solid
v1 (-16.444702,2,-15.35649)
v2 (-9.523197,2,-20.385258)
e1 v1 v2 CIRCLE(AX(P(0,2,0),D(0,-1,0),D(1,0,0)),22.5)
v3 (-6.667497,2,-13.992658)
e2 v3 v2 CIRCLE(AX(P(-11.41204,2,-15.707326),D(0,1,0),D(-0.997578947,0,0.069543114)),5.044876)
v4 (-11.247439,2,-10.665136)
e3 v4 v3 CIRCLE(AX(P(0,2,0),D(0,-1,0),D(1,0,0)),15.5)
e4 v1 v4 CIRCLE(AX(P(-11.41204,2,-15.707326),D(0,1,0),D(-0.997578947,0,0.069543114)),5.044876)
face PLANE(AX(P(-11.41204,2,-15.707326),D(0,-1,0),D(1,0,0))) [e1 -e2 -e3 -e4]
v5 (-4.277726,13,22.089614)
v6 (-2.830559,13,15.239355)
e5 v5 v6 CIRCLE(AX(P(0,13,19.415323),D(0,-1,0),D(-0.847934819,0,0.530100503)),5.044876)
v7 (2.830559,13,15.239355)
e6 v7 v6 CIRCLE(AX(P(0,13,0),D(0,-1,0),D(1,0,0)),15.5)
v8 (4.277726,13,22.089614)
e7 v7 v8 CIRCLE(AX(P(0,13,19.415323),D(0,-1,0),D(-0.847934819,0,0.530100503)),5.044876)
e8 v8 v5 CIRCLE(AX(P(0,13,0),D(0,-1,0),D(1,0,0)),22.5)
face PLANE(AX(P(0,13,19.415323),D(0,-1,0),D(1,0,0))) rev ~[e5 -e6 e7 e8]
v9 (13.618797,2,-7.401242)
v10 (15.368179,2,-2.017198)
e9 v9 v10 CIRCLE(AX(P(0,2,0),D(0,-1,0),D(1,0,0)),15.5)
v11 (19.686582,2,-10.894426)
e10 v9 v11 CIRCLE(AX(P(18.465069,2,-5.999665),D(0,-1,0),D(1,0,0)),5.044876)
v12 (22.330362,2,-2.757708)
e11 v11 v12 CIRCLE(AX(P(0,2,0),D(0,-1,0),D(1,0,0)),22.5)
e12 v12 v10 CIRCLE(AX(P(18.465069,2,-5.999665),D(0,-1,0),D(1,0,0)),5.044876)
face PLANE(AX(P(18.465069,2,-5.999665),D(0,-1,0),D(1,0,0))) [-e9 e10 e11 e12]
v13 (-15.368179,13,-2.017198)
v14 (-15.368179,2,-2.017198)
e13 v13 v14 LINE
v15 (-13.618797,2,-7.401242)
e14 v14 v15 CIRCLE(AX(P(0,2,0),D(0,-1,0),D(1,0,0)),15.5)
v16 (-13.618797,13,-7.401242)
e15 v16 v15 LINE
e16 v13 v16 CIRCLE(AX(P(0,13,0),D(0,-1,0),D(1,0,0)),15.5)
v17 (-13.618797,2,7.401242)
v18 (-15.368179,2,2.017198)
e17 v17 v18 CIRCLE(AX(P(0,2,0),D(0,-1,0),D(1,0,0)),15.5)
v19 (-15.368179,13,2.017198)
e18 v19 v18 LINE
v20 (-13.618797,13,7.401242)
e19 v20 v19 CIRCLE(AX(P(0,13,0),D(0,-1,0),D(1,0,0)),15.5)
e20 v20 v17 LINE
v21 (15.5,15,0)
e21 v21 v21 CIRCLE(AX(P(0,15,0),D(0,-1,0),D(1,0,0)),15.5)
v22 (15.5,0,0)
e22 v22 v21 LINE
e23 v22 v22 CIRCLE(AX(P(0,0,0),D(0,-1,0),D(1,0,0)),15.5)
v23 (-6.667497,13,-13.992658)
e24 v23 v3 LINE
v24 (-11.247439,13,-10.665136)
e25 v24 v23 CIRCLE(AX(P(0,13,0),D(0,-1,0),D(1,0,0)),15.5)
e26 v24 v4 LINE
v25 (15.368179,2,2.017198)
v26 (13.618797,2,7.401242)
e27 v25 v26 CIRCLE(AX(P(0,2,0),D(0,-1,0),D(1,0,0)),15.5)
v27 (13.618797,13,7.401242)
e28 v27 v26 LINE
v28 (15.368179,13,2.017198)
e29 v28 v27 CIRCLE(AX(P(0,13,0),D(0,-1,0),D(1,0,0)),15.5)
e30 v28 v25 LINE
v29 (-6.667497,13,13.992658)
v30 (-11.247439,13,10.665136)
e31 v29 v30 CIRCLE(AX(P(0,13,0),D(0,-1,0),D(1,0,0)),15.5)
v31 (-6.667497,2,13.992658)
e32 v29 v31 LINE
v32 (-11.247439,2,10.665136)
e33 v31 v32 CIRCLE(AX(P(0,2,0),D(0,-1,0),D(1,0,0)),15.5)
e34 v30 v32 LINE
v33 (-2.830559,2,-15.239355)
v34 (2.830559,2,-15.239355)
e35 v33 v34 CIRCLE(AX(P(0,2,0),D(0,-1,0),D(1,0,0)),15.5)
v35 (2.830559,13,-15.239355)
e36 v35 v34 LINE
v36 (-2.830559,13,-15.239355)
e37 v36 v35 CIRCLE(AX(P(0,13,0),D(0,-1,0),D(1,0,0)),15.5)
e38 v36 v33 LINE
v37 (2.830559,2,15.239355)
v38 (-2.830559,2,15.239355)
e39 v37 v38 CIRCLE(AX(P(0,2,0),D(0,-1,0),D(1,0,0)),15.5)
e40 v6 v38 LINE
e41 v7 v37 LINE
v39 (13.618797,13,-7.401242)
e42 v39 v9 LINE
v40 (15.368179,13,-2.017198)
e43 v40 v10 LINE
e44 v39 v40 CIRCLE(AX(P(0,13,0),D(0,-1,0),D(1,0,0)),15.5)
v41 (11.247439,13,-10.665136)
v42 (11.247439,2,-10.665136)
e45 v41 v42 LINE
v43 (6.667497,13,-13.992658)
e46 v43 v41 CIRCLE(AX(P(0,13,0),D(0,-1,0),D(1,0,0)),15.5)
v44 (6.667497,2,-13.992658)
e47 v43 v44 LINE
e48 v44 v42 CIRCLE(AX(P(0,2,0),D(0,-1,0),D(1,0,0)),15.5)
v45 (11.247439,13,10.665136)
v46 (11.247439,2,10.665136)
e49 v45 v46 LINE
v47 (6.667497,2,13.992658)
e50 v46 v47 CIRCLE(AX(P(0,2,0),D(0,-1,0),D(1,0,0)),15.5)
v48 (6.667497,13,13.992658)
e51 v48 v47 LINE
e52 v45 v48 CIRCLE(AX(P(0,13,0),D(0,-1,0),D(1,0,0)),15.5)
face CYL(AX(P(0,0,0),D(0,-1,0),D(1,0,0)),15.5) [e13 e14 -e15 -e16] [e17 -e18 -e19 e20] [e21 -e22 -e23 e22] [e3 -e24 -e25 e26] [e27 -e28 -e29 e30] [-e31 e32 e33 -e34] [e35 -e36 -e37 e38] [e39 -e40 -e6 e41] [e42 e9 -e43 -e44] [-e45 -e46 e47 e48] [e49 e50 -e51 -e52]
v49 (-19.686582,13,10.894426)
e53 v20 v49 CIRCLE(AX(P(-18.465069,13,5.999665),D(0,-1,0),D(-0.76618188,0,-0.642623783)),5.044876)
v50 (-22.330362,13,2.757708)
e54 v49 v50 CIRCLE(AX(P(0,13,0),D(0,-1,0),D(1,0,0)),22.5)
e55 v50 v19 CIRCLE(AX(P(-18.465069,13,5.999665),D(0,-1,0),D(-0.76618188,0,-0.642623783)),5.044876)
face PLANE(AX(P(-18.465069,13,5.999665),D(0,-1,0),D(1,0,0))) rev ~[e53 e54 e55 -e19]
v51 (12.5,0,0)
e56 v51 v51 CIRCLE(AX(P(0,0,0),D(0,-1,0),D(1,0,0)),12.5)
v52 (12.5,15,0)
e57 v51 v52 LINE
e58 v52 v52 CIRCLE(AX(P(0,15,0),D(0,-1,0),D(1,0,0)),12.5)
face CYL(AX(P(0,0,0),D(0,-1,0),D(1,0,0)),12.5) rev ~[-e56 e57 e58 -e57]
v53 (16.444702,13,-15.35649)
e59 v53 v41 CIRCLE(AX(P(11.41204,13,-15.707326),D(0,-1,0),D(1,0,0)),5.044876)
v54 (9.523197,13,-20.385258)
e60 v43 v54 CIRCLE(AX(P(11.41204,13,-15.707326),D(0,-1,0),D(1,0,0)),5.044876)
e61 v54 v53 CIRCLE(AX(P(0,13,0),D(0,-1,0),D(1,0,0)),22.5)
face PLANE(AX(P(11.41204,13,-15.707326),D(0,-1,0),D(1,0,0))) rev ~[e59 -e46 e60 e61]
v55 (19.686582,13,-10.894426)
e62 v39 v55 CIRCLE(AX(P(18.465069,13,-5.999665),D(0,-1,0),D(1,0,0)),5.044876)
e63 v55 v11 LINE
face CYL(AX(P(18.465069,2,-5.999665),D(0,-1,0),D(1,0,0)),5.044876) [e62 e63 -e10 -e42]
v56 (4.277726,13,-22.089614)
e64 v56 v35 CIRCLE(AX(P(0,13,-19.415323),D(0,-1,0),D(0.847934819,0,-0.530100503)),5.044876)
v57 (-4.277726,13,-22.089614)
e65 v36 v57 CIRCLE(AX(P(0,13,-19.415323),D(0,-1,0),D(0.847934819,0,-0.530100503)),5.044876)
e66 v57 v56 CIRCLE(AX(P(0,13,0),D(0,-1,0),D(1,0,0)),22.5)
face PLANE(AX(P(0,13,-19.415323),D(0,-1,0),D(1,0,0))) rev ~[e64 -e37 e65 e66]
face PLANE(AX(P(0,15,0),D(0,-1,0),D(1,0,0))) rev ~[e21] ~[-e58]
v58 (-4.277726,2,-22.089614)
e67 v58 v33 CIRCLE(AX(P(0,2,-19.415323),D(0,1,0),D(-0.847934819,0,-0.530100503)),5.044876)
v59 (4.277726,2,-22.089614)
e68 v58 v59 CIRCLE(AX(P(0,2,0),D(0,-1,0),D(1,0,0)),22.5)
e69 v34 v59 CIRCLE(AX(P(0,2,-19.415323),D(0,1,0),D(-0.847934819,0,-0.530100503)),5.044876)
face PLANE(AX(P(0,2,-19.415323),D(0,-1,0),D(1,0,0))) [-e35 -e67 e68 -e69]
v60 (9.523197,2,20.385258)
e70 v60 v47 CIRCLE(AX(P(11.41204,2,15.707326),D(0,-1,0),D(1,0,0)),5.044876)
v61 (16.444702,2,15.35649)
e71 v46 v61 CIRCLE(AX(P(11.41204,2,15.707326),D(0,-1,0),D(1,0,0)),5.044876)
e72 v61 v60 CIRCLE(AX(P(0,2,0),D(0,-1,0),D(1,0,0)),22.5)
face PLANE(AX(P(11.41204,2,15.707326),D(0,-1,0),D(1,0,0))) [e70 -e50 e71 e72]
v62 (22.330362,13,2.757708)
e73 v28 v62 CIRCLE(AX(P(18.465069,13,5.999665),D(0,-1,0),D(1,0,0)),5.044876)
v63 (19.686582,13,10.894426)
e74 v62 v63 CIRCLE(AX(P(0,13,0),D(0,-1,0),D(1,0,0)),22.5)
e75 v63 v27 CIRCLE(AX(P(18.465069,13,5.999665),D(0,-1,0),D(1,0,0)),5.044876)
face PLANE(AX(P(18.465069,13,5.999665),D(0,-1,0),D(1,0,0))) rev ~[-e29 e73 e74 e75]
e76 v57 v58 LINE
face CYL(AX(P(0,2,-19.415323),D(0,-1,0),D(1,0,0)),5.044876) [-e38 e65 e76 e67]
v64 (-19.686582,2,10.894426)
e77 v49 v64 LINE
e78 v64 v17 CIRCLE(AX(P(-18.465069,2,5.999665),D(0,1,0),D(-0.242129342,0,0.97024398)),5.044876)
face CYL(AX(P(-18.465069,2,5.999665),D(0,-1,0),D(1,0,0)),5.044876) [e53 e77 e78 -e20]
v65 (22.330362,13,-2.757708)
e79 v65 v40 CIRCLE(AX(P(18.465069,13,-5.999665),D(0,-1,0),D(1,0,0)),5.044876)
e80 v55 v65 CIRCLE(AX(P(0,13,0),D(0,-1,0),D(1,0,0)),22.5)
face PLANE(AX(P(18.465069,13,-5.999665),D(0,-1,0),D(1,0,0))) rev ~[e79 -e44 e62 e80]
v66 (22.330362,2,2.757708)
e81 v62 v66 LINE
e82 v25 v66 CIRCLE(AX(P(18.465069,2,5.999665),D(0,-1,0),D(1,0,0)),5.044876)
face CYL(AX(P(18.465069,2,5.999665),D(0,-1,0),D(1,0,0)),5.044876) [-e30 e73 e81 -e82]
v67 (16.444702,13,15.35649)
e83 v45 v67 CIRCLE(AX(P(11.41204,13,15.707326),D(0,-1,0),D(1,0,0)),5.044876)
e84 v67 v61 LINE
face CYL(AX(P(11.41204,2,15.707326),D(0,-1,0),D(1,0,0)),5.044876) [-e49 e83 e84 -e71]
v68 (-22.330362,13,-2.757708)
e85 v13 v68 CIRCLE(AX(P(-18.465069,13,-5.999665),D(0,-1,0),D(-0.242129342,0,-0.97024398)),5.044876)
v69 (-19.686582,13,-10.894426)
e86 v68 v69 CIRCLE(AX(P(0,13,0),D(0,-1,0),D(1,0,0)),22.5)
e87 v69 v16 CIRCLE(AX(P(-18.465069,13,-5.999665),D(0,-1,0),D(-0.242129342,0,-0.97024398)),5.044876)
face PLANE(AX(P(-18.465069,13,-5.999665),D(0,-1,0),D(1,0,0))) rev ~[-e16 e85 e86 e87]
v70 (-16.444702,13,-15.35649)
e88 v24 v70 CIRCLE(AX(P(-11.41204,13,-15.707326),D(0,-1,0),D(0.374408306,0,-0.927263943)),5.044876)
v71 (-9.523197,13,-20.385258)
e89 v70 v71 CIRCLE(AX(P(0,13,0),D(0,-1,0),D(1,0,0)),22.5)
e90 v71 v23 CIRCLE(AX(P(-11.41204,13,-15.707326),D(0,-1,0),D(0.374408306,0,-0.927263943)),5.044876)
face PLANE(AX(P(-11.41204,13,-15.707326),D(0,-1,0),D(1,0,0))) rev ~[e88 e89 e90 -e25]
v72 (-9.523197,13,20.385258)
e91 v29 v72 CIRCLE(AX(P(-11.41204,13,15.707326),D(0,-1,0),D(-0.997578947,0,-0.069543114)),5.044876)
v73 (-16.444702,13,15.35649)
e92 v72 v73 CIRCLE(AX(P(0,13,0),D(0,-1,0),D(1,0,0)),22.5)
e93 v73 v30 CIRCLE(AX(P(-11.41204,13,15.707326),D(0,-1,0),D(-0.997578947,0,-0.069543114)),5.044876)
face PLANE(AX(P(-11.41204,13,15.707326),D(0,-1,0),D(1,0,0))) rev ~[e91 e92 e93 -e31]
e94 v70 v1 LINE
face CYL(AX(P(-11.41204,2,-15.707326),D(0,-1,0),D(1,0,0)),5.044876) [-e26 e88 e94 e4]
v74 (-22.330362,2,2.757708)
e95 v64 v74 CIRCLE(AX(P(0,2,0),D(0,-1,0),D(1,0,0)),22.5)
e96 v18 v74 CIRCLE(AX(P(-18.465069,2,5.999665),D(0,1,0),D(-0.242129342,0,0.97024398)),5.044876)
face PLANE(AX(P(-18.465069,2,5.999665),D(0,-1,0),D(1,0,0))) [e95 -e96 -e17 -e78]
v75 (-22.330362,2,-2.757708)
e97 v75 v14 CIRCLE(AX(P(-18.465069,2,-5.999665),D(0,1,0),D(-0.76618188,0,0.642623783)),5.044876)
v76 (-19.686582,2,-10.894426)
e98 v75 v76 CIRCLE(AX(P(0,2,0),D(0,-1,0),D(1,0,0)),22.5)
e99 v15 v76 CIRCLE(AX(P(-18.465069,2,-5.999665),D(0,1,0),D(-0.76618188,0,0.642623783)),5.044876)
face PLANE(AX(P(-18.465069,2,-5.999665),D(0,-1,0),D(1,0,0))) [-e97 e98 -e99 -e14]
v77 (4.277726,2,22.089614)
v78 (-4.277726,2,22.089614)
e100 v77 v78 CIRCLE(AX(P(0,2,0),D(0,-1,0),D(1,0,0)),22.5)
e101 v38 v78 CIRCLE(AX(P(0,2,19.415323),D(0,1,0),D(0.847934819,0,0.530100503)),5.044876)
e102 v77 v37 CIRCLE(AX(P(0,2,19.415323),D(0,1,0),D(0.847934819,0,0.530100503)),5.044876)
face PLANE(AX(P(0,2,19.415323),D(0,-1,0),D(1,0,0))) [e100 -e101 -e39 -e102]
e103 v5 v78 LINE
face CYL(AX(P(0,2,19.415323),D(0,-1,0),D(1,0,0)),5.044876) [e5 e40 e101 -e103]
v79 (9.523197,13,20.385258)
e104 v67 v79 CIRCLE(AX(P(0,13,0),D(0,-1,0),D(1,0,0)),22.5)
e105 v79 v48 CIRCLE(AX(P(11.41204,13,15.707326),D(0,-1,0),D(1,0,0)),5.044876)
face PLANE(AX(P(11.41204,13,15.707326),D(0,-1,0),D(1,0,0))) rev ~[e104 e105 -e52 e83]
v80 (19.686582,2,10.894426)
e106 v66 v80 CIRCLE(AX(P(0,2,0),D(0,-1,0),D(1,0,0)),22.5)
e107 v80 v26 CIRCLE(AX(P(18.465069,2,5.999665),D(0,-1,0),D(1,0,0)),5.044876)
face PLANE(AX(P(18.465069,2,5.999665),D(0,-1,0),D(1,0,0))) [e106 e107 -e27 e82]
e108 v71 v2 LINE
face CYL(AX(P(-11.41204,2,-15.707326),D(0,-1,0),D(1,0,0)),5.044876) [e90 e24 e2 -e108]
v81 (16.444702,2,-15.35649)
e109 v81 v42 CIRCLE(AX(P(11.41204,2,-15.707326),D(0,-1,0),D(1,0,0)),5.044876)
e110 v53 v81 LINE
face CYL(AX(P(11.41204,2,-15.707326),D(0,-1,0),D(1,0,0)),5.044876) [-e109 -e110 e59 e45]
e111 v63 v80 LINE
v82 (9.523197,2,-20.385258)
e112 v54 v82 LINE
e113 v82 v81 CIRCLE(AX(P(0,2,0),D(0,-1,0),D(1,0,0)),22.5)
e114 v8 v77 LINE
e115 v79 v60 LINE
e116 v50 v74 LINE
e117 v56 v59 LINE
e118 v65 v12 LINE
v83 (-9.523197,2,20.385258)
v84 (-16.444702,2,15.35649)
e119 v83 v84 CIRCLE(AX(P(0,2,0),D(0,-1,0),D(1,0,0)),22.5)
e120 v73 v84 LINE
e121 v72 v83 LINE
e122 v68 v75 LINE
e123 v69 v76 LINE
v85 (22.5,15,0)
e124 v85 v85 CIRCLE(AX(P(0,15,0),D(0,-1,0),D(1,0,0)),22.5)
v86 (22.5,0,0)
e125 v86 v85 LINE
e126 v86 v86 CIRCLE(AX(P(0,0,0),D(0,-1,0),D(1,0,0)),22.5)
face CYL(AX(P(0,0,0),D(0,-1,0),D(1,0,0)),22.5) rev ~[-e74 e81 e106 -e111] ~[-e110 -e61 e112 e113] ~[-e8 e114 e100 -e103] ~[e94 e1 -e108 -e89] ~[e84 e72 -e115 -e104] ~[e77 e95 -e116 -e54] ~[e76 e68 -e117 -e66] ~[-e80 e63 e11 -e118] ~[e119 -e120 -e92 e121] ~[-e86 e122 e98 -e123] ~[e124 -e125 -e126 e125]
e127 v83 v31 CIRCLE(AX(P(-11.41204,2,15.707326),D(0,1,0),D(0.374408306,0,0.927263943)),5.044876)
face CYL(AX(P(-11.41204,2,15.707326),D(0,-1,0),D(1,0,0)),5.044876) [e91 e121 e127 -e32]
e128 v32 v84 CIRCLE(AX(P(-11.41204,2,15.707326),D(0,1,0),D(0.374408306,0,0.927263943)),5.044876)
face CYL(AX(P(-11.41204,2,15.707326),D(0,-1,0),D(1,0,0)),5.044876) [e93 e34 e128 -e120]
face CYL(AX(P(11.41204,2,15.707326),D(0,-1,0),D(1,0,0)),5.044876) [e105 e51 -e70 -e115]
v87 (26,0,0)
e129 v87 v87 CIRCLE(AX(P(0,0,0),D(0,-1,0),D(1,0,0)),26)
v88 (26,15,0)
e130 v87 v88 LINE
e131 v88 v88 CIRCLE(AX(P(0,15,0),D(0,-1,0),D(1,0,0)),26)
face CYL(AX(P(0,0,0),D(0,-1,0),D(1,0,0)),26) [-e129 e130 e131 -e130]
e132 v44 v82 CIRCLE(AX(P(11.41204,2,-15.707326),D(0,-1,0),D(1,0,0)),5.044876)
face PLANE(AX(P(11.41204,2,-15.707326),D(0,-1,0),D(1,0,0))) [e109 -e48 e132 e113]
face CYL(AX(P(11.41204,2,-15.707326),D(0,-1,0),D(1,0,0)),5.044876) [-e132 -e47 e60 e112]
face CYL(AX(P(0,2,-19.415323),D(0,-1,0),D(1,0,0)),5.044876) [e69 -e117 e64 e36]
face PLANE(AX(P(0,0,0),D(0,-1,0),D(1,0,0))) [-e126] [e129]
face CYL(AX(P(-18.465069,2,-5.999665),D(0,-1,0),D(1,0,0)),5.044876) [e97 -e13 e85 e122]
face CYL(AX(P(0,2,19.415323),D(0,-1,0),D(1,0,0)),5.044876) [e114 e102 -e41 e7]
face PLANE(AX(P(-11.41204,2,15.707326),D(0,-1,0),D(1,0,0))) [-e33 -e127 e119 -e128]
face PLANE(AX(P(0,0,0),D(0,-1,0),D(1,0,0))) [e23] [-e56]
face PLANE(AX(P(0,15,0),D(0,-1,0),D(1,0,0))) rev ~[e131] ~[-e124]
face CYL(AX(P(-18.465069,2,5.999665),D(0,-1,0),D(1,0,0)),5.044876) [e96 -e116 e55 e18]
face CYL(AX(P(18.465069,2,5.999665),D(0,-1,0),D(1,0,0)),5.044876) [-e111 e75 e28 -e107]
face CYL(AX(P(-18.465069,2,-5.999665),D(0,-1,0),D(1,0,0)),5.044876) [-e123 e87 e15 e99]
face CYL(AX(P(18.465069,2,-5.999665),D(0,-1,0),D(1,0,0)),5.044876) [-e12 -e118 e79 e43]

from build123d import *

# Parameters (mm, degrees)
F0_R     = 26
F0_R_2   = 22.5
F1_DEPTH = 15
F3_R     = 5.044876
F4_DEPTH = 11
F0_R_3   = 15.5
F0_R_4   = 12.5
F5_DEPTH = 15


with BuildPart() as f1:
    # F0 (on Front) → F1 (new body)
    with BuildSketch(Plane.XZ):
        Circle(F0_R)
        Circle(F0_R_2, mode=Mode.SUBTRACT)
    extrude(amount=-F1_DEPTH)

    # F3 (on offset) → F4 (join)
    with BuildSketch(Plane.XZ.offset(-2)):
        with Locations((0, -19.415323)):
            Circle(F3_R)
        with Locations((11.41204, -15.707326)):
            Circle(F3_R)
        with Locations((18.465069, -5.999665)):
            Circle(F3_R)
        with Locations((18.465069, 5.999665)):
            Circle(F3_R)
        with Locations((11.41204, 15.707326)):
            Circle(F3_R)
        with Locations((0, 19.415323)):
            Circle(F3_R)
        with Locations((-11.41204, 15.707326)):
            Circle(F3_R)
        with Locations((-18.465069, 5.999665)):
            Circle(F3_R)
        with Locations((-18.465069, -5.999665)):
            Circle(F3_R)
        with Locations((-11.41204, -15.707326)):
            Circle(F3_R)
    extrude(amount=-F4_DEPTH)

    # F0 (on Front) → F5 (join)
    with BuildSketch(Plane.XZ):
        Circle(F0_R_3)
        Circle(F0_R_4, mode=Mode.SUBTRACT)
    extrude(amount=-F5_DEPTH)


solid = f1.part
